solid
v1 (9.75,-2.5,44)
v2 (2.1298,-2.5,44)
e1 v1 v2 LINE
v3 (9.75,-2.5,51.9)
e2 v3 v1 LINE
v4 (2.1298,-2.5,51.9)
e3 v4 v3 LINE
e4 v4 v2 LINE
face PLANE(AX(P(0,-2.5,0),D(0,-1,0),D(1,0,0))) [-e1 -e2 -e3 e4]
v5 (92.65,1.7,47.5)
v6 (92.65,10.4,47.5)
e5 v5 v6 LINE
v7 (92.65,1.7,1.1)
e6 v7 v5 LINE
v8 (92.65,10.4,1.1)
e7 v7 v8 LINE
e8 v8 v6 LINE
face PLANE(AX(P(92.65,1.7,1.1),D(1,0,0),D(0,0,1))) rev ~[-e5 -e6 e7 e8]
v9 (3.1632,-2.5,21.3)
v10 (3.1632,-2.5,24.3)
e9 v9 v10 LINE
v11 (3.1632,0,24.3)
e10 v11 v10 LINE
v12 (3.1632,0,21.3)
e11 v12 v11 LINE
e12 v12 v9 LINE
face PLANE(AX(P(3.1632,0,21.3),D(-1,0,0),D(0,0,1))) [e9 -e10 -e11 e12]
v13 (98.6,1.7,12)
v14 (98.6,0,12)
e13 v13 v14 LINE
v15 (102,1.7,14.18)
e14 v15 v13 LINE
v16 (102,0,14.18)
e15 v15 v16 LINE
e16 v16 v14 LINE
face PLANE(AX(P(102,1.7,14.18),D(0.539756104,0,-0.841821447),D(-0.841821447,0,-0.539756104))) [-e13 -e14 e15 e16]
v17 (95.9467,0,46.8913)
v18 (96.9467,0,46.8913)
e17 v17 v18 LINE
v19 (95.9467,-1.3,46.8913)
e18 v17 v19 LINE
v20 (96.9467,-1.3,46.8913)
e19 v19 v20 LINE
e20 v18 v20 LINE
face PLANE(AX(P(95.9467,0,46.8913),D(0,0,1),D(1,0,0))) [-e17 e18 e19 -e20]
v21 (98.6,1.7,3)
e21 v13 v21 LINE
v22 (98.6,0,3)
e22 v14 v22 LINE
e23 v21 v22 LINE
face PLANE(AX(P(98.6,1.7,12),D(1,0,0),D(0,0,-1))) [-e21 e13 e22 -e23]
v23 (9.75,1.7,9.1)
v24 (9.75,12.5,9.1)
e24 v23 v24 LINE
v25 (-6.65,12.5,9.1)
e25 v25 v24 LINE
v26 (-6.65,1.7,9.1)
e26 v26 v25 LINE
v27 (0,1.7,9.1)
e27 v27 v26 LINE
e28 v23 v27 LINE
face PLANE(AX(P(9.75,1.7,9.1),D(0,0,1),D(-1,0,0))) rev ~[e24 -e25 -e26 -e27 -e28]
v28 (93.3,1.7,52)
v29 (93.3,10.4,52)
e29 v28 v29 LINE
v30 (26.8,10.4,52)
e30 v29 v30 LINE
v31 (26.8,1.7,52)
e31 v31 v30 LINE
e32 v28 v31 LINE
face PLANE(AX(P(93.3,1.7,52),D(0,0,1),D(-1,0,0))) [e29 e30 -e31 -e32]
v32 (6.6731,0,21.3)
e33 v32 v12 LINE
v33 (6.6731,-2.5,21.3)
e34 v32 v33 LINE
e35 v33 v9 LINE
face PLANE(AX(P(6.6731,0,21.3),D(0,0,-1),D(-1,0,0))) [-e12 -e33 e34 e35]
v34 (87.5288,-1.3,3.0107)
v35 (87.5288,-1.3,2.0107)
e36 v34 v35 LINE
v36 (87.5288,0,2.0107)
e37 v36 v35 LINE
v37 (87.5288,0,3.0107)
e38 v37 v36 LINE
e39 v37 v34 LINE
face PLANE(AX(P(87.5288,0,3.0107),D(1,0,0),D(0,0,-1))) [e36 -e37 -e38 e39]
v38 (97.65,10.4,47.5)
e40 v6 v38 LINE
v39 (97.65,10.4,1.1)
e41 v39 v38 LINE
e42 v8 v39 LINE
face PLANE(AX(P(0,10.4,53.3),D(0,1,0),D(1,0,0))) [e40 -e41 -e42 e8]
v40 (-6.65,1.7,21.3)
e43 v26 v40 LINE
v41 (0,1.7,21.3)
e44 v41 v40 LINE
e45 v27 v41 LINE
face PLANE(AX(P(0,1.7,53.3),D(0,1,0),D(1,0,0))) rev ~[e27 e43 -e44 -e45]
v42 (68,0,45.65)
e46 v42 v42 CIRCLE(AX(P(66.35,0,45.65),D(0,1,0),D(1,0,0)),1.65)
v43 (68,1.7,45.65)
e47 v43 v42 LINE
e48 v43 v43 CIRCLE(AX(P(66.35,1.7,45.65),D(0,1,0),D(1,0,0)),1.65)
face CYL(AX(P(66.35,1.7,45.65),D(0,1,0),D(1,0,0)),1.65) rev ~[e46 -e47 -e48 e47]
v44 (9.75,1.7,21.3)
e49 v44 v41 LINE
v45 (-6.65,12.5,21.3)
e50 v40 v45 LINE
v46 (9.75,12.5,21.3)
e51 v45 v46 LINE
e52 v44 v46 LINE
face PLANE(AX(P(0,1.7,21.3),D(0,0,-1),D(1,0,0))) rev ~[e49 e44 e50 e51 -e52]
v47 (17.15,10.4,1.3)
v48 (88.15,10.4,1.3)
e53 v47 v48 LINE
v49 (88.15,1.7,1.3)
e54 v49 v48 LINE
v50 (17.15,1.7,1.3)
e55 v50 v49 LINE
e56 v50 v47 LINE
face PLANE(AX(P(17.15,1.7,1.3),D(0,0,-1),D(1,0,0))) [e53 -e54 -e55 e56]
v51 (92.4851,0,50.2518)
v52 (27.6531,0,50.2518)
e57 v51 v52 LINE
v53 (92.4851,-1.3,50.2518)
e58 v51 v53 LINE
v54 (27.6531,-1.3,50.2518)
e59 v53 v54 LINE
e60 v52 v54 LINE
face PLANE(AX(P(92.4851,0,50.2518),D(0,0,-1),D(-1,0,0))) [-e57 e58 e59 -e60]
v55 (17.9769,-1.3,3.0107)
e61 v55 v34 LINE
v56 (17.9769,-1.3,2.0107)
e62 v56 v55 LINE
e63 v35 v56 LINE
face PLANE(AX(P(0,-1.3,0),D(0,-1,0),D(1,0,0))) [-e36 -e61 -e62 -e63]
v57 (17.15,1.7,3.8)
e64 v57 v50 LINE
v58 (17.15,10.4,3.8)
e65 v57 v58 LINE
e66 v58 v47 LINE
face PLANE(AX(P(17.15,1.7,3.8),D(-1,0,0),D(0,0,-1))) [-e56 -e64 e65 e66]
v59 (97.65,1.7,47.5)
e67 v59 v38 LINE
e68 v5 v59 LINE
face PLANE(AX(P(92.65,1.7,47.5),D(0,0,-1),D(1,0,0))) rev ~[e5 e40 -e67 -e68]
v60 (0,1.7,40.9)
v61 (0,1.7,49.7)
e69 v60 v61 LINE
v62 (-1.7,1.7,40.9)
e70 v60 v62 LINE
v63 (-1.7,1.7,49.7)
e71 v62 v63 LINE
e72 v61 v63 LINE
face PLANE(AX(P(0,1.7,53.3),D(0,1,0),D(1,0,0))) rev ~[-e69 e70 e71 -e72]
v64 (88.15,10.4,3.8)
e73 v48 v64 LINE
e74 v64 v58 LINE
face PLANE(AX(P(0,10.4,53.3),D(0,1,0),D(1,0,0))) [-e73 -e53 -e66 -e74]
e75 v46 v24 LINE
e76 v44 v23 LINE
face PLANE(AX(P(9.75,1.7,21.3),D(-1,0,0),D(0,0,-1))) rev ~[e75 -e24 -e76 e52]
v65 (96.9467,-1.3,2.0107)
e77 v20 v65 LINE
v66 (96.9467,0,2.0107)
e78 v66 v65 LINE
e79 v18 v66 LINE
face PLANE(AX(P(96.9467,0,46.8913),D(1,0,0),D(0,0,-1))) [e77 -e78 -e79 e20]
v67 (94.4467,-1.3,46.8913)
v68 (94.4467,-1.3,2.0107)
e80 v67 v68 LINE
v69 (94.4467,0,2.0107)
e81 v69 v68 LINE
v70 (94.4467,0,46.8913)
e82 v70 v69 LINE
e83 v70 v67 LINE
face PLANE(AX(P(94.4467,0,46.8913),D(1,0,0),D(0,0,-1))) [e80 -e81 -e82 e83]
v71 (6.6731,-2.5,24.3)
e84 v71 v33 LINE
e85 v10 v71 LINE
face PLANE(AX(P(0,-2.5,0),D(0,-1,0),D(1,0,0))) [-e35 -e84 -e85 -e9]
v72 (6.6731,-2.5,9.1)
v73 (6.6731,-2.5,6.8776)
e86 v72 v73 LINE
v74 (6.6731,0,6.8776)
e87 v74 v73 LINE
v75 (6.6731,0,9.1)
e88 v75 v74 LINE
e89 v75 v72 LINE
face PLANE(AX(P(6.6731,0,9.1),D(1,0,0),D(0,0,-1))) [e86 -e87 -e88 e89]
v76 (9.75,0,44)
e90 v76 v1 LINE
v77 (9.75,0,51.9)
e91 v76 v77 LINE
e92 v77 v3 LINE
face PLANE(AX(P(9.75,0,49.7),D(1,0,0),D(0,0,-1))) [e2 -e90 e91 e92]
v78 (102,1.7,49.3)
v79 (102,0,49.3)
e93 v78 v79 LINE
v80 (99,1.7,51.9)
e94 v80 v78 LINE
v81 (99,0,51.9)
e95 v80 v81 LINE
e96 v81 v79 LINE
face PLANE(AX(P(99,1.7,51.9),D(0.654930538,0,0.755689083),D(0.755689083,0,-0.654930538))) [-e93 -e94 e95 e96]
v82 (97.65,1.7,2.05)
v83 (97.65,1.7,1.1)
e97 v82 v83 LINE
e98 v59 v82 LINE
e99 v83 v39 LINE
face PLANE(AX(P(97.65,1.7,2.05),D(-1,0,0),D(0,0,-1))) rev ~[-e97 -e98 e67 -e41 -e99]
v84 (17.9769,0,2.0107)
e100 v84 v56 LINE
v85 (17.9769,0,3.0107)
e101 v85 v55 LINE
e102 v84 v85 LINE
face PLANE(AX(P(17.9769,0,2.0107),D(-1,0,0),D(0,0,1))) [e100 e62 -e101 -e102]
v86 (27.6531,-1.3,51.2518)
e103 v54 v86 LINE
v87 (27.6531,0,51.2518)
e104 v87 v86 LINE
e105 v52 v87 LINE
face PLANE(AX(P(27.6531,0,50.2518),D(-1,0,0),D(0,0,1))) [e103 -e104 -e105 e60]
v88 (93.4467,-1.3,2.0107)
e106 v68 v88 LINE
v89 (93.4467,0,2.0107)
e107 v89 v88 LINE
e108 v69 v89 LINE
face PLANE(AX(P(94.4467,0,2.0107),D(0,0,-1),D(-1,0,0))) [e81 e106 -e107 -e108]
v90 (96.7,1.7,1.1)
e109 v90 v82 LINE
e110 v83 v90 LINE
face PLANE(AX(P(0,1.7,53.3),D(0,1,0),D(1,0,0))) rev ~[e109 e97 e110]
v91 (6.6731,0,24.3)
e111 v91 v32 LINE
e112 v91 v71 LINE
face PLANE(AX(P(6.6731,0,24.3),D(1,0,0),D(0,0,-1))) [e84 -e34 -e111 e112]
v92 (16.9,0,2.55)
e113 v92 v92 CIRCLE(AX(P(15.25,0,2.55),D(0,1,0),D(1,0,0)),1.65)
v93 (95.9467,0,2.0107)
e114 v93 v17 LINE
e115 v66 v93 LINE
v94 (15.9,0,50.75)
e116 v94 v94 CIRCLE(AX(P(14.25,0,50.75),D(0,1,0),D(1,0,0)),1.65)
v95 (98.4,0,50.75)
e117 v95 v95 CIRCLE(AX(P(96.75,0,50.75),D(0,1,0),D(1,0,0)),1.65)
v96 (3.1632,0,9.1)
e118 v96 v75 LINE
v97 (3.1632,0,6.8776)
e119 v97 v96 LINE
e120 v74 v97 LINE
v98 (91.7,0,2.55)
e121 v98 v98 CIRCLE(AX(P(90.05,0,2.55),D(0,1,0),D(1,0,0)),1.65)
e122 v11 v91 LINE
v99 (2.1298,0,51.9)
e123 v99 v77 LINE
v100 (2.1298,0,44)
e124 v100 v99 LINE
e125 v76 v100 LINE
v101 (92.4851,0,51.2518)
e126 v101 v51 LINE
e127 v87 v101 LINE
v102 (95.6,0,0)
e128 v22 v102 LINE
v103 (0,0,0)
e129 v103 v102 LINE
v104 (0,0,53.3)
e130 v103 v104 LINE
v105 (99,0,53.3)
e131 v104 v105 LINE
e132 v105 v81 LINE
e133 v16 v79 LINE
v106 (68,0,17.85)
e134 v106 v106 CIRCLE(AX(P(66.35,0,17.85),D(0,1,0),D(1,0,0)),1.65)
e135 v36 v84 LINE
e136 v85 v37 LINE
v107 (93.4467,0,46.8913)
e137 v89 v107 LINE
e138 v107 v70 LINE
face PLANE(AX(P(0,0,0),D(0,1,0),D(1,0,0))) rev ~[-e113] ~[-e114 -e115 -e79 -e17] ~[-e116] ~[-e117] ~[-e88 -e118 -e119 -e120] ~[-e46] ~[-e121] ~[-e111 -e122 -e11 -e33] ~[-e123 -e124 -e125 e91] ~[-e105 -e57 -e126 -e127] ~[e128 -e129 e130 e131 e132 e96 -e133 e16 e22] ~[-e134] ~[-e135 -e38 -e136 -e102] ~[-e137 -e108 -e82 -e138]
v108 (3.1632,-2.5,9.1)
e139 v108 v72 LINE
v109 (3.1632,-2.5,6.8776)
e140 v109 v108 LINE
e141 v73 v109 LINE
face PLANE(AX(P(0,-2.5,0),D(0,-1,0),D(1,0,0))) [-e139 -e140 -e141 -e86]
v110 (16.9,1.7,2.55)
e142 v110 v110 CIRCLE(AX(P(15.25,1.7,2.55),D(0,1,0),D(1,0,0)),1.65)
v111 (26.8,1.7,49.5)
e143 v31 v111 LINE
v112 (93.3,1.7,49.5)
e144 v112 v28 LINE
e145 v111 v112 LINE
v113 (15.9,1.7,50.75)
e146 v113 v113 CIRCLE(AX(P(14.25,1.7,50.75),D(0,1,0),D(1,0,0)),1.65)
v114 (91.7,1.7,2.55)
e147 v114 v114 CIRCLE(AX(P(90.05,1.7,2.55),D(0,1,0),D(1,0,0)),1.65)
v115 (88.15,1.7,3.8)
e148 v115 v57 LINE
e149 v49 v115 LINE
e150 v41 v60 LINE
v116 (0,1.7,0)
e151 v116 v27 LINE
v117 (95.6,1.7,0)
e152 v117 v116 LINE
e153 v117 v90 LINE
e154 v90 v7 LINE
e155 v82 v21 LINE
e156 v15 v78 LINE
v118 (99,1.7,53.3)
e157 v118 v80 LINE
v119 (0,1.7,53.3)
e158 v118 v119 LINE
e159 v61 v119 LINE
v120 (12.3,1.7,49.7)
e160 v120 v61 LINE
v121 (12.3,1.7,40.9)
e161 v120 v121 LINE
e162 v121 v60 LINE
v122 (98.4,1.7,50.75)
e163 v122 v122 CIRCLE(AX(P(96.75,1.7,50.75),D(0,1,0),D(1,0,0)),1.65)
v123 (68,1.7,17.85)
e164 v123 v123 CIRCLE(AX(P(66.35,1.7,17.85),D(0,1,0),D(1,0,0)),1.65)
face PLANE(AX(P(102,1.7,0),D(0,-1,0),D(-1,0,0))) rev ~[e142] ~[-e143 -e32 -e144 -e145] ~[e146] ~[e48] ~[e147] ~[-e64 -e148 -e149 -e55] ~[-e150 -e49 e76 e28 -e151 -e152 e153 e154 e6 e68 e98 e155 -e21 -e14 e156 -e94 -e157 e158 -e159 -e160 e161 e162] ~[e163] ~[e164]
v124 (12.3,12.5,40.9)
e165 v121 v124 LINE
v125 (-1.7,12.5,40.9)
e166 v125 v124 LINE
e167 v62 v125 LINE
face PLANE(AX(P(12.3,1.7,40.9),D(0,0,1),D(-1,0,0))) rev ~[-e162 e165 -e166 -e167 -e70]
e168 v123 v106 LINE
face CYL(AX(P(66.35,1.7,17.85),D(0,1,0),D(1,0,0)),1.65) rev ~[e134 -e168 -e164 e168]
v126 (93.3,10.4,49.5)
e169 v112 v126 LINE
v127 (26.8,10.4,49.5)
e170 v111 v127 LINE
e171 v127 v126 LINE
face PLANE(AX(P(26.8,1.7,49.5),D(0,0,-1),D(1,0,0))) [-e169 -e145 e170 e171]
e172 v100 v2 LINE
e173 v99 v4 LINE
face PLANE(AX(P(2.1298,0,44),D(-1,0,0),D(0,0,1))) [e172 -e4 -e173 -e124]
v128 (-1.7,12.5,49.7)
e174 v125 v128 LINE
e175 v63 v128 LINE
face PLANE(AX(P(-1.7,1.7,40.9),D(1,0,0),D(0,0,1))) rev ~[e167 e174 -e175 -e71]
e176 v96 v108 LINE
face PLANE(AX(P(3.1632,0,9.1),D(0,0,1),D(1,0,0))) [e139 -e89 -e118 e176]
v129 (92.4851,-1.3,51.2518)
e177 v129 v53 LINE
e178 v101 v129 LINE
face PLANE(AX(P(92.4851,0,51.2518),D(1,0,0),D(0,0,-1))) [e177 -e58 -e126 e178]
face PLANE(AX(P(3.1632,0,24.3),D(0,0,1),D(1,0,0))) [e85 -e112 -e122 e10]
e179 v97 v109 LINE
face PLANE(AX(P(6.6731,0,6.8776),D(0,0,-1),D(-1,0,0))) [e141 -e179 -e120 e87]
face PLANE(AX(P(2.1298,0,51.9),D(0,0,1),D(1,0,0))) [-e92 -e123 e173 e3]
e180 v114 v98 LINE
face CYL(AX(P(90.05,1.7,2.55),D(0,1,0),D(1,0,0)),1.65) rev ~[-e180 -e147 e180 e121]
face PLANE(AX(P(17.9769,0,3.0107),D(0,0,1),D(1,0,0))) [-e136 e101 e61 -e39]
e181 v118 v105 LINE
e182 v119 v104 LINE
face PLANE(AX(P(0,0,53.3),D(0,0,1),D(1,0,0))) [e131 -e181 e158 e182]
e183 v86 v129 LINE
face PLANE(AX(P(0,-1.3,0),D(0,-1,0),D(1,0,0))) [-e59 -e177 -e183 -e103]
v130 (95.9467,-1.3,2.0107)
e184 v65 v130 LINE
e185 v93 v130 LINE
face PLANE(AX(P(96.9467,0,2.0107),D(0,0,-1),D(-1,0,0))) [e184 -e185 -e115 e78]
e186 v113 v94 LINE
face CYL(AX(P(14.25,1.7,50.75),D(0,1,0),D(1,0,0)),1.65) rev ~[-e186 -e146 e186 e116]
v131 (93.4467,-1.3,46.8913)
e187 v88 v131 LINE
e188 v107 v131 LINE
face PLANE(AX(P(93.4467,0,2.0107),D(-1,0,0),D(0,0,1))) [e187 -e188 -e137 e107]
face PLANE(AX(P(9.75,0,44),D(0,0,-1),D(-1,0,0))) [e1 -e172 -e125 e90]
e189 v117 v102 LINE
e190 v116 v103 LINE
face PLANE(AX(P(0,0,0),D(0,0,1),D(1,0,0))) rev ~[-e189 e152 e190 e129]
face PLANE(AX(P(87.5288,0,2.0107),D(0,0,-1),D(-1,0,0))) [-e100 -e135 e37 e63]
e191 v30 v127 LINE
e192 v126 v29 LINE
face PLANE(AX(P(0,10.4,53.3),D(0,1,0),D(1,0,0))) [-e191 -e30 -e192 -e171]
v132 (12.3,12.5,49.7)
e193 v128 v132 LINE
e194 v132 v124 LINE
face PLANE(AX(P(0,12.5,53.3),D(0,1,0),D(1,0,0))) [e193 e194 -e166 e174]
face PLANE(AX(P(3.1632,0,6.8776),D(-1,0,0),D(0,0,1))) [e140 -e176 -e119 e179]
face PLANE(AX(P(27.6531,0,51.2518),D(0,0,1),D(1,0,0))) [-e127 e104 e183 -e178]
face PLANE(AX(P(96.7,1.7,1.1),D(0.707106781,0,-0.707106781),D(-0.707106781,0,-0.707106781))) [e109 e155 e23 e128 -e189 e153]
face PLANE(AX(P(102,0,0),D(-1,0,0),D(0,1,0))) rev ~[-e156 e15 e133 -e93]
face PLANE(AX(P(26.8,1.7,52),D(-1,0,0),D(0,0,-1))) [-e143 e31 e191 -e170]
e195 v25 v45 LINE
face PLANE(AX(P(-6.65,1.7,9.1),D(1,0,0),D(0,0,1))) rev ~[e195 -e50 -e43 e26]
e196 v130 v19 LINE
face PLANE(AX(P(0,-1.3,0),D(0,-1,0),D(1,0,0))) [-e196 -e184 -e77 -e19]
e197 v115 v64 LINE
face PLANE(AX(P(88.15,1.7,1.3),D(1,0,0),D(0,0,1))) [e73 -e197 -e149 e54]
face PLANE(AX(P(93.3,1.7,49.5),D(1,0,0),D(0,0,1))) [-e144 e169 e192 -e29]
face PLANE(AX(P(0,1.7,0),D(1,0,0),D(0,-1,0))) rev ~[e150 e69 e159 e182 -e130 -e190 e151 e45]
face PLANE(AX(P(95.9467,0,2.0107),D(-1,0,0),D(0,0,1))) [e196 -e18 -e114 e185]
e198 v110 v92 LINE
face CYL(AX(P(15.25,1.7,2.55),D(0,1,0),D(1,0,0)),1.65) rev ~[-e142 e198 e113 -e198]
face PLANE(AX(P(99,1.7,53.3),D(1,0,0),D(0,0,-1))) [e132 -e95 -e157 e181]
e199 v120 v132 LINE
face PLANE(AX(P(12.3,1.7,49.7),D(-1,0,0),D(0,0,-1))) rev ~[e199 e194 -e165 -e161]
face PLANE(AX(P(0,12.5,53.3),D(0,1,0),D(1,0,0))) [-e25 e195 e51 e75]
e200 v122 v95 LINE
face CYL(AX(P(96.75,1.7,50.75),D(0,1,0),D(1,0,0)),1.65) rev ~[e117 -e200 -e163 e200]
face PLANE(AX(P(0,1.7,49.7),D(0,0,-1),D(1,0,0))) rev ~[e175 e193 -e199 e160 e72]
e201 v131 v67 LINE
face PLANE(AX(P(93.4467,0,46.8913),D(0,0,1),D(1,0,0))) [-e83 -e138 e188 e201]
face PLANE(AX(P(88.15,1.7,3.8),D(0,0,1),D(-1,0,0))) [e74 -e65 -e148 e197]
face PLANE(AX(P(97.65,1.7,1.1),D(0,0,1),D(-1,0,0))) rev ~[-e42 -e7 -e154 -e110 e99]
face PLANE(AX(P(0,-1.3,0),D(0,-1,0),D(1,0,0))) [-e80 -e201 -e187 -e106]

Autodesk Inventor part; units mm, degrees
ref_plane "YZ Plane" through (0, 0, 0) normal (1, 0, 0) x (0, 1, 0)
ref_plane "XZ Plane" through (0, 0, 0) normal (0, 1, 0) x (-1, 0, 0)
ref_plane "XY Plane" through (0, 0, 0) normal (0, 0, 1) x (1, 0, 0)
sketch "Sketch1" plane through (0, 0, 0) normal (0, 0, 1) x (1, 0, 0)
  line L0 (0, 0) -> (102, 0)
  line L1 (102, 0) -> (102, 1.7)
  line L2 (102, 1.7) -> (0, 1.7)
  line L3 (0, 1.7) -> (0, 0)
  dimension "d0" = 102
  dimension "d1" = 1.7
extrude "Extrusion1" add sketch "Sketch1" along normal blind 53.3
sketch "Sketch3" plane through (0, 1.7, 53.3) normal (0, 1, 0) x (1, 0, 0)
  line L0 (102, 53.3) -> (0, 53.3) projected
  line L1 (0, 53.3) -> (0, 0) projected
  line L2 (0, 0) -> (102, 0) projected
  line L3 (9.75, 44.2) -> (-6.65, 44.2)
  line L4 (-6.65, 44.2) -> (-6.65, 32)
  line L5 (-6.65, 32) -> (9.75, 32)
  line L6 (9.75, 32) -> (9.75, 44.2)
  line L7 (12.3, 12.4) -> (-1.7, 12.4)
  line L8 (-1.7, 12.4) -> (-1.7, 3.6)
  line L9 (-1.7, 3.6) -> (12.3, 3.6)
  line L10 (12.3, 3.6) -> (12.3, 12.4)
  line L11 (102, 0) -> (0, 0) projected
  line L12 (99, 0) -> (99, 1.4)
  line L13 (99, 1.4) -> (102, 4)
  line L14 (102, 4) -> (102, 39.12)
  line L15 (102, 53.3) -> (102, 0) projected
  line L16 (102, 39.12) -> (98.6, 41.3)
  line L17 (98.6, 41.3) -> (98.6, 50.3)
  line L18 (98.6, 50.3) -> (95.6, 53.3)
  line L19 (0, 53.3) -> (102, 53.3) projected
  circle A0 centre (96.75, 2.55) radius 1.65
  circle A1 centre (90.05, 50.75) radius 1.65
  circle A2 centre (66.35, 35.45) radius 1.65
  circle A3 centre (66.35, 7.65) radius 1.65
  circle A4 centre (15.25, 50.75) radius 1.65
  circle A5 centre (14.25, 2.55) radius 1.65
  line L20 (88.15, 49.5) -> (17.15, 49.5)
  line L21 (17.15, 49.5) -> (17.15, 52)
  line L22 (17.15, 52) -> (88.15, 52)
  line L23 (88.15, 52) -> (88.15, 49.5)
  line L24 (93.3, 1.3) -> (26.8, 1.3)
  line L25 (26.8, 1.3) -> (26.8, 3.8)
  line L26 (26.8, 3.8) -> (93.3, 3.8)
  line L27 (93.3, 3.8) -> (93.3, 1.3)
  line L28 (97.65, 52.2) -> (92.65, 52.2)
  line L29 (92.65, 52.2) -> (92.65, 5.8)
  line L30 (92.65, 5.8) -> (97.65, 5.8)
  line L31 (97.65, 5.8) -> (97.65, 52.2)
  dimension "d23" = 9.1
  dimension "d24" = 9.75
  dimension "d25" = 16.4
  dimension "d26" = 12.2
  dimension "d27" = 8.8
  dimension "d28" = 14
  dimension "d29" = 12.4
  dimension "d30" = 1.7
  dimension "d44" = 3
  dimension "d45" = 3.4
  dimension "d46" = 3
  dimension "d47" = 3
  dimension "d48" = 1.4
  dimension "d49" = 4
  dimension "d50" = 35.12
  dimension "d51" = 12
  dimension "d52" = 3.3
  dimension "d53" = 3.3
  dimension "d54" = 3.3
  dimension "d55" = 3.3
  dimension "d56" = 3.3
  dimension "d57" = 3.3
  dimension "d58" = 0.9
  dimension "d59" = 3.6
  dimension "d60" = 6.9
  dimension "d61" = 0.9
  dimension "d62" = 0.9
  dimension "d63" = 0.9
  dimension "d64" = 13.6
  dimension "d66" = 12.6
  dimension "d67" = 34
  dimension "d69" = 34
  dimension "d70" = 6
  dimension "d71" = 16.2
  dimension "d72" = 71
  dimension "d73" = 0.25
  dimension "d74" = 2.5
  dimension "d75" = 1.25
  dimension "d76" = 66.5
  dimension "d77" = 2.5
  dimension "d78" = 1.25
  dimension "d79" = 1.8
  dimension "d80" = 5
  dimension "d81" = 46.4
  dimension "d82" = 1.1
  dimension "d83" = 0.95
extrude "Extrusion3" add sketch "Sketch3" along normal blind 10.8 contours L3 L6 L5 L1 | L1 L5 L4 L3 | L7 L10 L9 L1 | L1 L9 L8 L7
extrude "Extrusion9" cut sketch "Sketch3" against normal blind 10 contours L15 L16 L17 L18 L31 L28 L0 | L28 L31 L18 | L15 L2 L12 L13 | A0 | A1 | A2 | A3 | A4 | A5
extrude "Extrusion10" add sketch "Sketch3" along normal blind 8.7 contours L28 L31 L18 | L18 L31 L30 L29 L28 | L20 L21 L22 L23 | L24 L25 L26 L27
sketch "Sketch7" plane through (0, 0, 0) normal (0, -1, 0) x (1, 0, 0)
  line L0 (26.8, 52) -> (26.8, 49.5) projected
  line L1 (93.3, 52) -> (26.8, 52) projected
  line L2 (93.3, 49.5) -> (93.3, 52) projected
  line L3 (26.8, 49.5) -> (93.3, 49.5) projected
  line L4 (17.15, 3.8) -> (17.15, 1.3) projected
  line L5 (88.15, 3.8) -> (17.15, 3.8) projected
  line L6 (88.15, 1.3) -> (88.15, 3.8) projected
  line L7 (17.15, 1.3) -> (88.15, 1.3) projected
  line L8 (97.65, 1.1) -> (97.65, 47.5) projected
  line L9 (92.65, 1.1) -> (97.65, 1.1) projected
  line L10 (92.65, 47.5) -> (92.65, 1.1) projected
  line L11 (97.65, 47.5) -> (92.65, 47.5) projected
  line L12 (87.5288, 2.0107) -> (17.9769, 2.0107)
  line L13 (17.9769, 2.0107) -> (17.9769, 3.0107)
  line L14 (17.9769, 3.0107) -> (87.5288, 3.0107)
  line L15 (87.5288, 3.0107) -> (87.5288, 2.0107)
  line L16 (92.4851, 50.2518) -> (27.6531, 50.2518)
  line L17 (27.6531, 50.2518) -> (27.6531, 51.2518)
  line L18 (27.6531, 51.2518) -> (92.4851, 51.2518)
  line L19 (92.4851, 51.2518) -> (92.4851, 50.2518)
  line L20 (96.9467, 2.0107) -> (95.9467, 2.0107)
  line L21 (95.9467, 2.0107) -> (95.9467, 46.8913)
  line L22 (95.9467, 46.8913) -> (96.9467, 46.8913)
  line L23 (96.9467, 46.8913) -> (96.9467, 2.0107)
  line L24 (93.4467, 46.8913) -> (94.4467, 46.8913)
  line L25 (94.4467, 46.8913) -> (94.4467, 2.0107)
  line L26 (94.4467, 2.0107) -> (93.4467, 2.0107)
  line L27 (93.4467, 2.0107) -> (93.4467, 46.8913)
  line L28 (12.3, 40.9) -> (12.3, 49.7) projected
  line L29 (-1.7, 40.9) -> (12.3, 40.9) projected
  line L30 (-1.7, 49.7) -> (-1.7, 40.9) projected
  line L31 (12.3, 49.7) -> (-1.7, 49.7) projected
  line L32 (9.75, 9.1) -> (9.75, 21.3) projected
  line L33 (-6.65, 9.1) -> (9.75, 9.1) projected
  line L34 (-6.65, 21.3) -> (-6.65, 9.1) projected
  line L35 (9.75, 21.3) -> (-6.65, 21.3) projected
  line L36 (0, 9.1) -> (9.75, 9.1) projected
  line L37 (6.6731, 6.8776) -> (3.1632, 6.8776)
  line L38 (3.1632, 6.8776) -> (3.1632, 9.1)
  line L39 (3.1632, 9.1) -> (6.6731, 9.1)
  line L40 (6.6731, 9.1) -> (6.6731, 6.8776)
  line L41 (9.75, 21.3) -> (0, 21.3) projected
  line L42 (6.6731, 21.3) -> (3.1632, 21.3)
  line L43 (3.1632, 21.3) -> (3.1632, 24.3)
  line L44 (3.1632, 24.3) -> (6.6731, 24.3)
  line L45 (6.6731, 24.3) -> (6.6731, 21.3)
  line L46 (9.75, 44) -> (2.1298, 44)
  line L47 (2.1298, 44) -> (2.1298, 51.9)
  line L48 (2.1298, 51.9) -> (9.75, 51.9)
  line L49 (9.75, 51.9) -> (9.75, 44)
  dimension "d110" = 1
  dimension "d111" = 1
  dimension "d112" = 1
  dimension "d113" = 1.5
  dimension "d114" = 1
extrude "Extrusion12" add sketch "Sketch7" along normal blind 1.3 contours L12 L13 L14 L15 | L16 L17 L18 L19 | L20 L21 L22 L23 | L24 L25 L26 L27
extrude "Extrusion13" add sketch "Sketch7" along normal blind 2.5 contours L49 L46 L47 L31 | L31 L47 L48 L49 | L40 L37 L38 L33 | L35 L43 L44 L45
properties part number "Arduino"
